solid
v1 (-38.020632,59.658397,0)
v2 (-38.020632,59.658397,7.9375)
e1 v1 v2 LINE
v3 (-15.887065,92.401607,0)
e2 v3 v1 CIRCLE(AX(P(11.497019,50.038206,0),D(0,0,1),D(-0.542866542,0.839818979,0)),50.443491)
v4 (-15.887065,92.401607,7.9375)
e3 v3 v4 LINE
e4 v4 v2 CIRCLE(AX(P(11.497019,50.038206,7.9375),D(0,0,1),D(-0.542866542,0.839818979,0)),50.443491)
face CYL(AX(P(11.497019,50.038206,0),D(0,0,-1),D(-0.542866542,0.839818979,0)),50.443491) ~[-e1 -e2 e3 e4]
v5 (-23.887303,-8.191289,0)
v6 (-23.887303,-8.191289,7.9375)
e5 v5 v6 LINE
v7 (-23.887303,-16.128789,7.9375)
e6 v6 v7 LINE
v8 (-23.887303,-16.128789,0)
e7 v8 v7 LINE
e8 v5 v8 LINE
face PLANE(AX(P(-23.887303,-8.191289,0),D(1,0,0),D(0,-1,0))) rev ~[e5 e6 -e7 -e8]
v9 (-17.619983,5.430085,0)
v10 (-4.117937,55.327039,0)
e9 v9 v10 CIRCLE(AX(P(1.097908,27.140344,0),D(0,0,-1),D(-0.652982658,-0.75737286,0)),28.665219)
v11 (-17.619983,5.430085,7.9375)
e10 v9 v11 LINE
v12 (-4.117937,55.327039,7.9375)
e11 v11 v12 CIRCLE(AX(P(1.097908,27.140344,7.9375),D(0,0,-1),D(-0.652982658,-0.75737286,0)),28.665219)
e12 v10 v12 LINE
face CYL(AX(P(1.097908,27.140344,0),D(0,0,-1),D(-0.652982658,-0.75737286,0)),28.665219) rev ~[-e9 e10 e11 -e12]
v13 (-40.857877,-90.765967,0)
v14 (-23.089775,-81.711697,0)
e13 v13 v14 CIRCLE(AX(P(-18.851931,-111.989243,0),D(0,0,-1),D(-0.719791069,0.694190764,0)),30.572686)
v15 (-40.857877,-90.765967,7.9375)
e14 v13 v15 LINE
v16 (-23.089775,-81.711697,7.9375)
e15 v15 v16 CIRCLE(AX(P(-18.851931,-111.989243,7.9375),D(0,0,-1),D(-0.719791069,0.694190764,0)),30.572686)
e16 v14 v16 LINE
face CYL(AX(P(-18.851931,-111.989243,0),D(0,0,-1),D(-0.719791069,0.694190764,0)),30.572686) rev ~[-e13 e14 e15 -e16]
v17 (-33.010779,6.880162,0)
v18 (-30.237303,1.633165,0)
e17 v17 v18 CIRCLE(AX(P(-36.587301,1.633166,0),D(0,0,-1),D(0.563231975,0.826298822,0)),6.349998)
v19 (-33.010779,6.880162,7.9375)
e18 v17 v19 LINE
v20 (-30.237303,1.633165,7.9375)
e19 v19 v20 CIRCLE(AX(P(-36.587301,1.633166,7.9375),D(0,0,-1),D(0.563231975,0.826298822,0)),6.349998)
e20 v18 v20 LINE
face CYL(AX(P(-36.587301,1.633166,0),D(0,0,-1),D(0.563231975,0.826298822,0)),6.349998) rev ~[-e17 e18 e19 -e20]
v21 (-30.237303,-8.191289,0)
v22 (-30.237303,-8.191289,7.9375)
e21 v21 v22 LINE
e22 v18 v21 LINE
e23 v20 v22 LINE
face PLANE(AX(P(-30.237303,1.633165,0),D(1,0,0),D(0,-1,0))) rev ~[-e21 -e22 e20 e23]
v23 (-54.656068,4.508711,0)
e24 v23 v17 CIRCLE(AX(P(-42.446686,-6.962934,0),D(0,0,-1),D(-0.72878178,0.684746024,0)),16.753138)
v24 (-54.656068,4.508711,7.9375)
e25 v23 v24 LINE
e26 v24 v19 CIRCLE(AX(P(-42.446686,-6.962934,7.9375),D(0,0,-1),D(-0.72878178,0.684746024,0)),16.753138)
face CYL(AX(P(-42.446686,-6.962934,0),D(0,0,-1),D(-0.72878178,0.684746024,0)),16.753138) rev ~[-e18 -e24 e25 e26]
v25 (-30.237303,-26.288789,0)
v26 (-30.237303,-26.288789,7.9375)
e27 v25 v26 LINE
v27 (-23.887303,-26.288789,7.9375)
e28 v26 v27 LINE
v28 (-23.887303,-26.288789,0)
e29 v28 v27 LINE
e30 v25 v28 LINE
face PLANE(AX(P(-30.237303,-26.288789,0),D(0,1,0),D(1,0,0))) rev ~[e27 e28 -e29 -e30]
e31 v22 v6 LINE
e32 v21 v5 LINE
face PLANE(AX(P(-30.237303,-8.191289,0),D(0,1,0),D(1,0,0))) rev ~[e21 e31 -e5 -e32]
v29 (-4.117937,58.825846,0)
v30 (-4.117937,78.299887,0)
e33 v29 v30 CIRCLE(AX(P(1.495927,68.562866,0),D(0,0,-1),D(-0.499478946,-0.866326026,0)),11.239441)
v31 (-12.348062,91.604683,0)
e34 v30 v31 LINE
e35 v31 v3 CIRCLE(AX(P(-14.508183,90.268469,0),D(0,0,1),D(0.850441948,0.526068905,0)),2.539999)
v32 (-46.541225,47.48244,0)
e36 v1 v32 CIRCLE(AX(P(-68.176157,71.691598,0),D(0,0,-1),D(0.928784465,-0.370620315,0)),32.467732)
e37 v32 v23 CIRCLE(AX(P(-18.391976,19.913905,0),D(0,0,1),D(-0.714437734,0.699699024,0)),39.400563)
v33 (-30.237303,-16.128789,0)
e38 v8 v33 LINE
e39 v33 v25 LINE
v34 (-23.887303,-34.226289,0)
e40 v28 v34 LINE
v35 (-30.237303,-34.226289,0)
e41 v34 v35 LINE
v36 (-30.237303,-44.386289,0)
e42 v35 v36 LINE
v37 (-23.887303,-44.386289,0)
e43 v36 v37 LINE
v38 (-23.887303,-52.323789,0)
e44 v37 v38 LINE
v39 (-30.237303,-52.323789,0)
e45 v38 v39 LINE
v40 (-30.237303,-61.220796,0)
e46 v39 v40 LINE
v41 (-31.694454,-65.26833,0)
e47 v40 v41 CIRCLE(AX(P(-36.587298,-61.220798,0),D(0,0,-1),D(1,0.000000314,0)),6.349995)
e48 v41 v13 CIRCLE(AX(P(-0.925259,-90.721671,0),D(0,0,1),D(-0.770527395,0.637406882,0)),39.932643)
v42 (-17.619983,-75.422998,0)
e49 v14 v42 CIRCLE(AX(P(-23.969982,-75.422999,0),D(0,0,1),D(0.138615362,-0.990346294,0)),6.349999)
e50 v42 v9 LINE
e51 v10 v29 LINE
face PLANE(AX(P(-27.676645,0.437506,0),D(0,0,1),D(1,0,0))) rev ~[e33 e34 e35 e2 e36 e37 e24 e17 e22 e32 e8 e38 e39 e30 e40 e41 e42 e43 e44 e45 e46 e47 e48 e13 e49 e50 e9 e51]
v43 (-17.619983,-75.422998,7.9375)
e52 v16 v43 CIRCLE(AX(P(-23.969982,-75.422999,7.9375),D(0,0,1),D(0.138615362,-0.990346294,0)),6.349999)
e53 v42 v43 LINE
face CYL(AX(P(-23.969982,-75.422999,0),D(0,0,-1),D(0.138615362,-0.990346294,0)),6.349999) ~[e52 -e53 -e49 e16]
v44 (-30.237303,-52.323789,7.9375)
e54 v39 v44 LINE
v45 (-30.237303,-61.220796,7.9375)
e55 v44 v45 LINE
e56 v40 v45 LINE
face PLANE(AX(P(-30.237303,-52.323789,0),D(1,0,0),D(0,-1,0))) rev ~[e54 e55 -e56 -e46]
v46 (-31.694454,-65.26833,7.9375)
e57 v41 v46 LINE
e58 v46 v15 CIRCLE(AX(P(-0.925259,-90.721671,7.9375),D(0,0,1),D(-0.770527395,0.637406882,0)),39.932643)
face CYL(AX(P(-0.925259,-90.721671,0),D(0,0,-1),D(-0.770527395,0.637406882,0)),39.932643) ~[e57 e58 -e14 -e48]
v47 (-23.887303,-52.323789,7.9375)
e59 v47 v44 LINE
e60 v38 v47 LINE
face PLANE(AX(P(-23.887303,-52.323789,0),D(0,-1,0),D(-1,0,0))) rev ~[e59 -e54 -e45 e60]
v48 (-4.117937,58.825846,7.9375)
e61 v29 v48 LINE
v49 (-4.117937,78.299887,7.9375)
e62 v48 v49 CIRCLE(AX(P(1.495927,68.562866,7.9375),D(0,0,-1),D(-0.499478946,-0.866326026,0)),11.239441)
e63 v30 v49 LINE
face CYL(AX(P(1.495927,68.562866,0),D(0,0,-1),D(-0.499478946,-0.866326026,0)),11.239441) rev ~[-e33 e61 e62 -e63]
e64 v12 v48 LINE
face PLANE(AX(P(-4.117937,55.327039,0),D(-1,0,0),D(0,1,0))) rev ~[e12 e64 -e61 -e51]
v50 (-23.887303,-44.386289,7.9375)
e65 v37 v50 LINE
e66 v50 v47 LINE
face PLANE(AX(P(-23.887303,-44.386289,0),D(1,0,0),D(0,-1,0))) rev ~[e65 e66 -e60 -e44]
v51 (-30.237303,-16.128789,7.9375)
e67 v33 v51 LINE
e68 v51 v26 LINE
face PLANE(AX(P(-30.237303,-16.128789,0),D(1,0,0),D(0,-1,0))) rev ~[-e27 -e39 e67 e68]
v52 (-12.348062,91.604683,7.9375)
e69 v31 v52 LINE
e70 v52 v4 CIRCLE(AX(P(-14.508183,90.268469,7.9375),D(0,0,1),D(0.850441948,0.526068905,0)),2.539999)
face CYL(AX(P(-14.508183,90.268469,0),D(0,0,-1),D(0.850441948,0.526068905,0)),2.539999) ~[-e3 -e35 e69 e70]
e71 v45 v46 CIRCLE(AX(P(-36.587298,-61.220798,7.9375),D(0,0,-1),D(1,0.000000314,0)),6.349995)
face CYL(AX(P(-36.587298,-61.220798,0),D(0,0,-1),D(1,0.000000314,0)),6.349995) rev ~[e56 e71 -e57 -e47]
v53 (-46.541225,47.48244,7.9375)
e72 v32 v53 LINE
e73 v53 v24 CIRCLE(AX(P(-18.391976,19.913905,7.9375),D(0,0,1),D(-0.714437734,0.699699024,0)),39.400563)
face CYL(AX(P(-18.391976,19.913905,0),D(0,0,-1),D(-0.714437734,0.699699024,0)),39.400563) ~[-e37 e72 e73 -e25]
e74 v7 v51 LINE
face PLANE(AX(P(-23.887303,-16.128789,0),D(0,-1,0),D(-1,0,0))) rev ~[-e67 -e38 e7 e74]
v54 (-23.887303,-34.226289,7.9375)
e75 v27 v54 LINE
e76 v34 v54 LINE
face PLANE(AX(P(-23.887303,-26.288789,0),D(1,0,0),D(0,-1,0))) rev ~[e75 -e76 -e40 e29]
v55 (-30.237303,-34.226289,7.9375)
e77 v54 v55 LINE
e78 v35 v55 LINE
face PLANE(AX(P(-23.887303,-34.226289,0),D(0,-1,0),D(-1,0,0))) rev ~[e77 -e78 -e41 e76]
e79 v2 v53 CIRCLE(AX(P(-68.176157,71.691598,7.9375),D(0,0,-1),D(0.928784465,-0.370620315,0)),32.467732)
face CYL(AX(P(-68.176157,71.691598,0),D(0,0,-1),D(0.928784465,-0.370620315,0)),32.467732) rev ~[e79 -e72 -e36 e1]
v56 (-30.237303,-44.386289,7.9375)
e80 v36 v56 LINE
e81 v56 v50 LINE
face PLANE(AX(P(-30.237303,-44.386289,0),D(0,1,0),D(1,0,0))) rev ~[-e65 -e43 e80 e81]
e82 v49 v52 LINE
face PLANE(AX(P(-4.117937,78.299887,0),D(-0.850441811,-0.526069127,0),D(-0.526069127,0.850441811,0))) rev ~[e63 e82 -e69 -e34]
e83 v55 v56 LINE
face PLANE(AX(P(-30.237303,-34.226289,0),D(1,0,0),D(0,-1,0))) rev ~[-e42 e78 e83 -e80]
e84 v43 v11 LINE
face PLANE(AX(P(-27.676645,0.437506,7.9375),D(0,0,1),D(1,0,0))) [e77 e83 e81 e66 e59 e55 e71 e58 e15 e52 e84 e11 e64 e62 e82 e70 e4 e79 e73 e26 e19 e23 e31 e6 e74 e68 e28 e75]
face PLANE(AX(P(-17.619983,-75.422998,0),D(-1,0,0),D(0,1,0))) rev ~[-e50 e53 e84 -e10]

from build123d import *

# Parameters (mm, degrees)
F1_DEPTH = 7.9375


with BuildPart() as f1:
    # F0 (on Top) → F1 (new body)
    with BuildSketch(Plane.XY):
        with BuildLine():
            Line((-17.619983, -65.049847), (-17.619983, 5.430085))
            ThreePointArc((-17.619983, 5.430085), (-26.572156, 34.627824), (-4.117937, 55.327039))
            Line((-4.117937, 55.327039), (-4.117937, 58.825846))
            ThreePointArc((-4.117937, 58.825846), (-9.743514, 68.562866), (-4.117937, 78.299887))
            Line((-4.117937, 78.299887), (-12.348062, 91.604683))
            ThreePointArc((-12.348062, 91.604683), (-13.950191, 92.746419), (-15.887065, 92.401607))
            ThreePointArc((-15.887065, 92.401607), (-30.294112, 78.287935), (-38.020632, 59.658397))
            ThreePointArc((-38.020632, 59.658397), (-41.57491, 53.076355), (-46.541225, 47.48244))
            ThreePointArc((-46.541225, 47.48244), (-57.108316, 27.224813), (-54.656068, 4.508711))
            ThreePointArc((-54.656068, 4.508711), (-44.271237, 9.690554), (-33.010779, 6.880162))
            ThreePointArc((-33.010779, 6.880162), (-30.973328, 4.60062), (-30.237303, 1.633165))
            Line((-30.237303, 1.633165), (-30.237303, -8.191289))
            Line((-30.237303, -8.191289), (-23.887303, -8.191289))
            Line((-23.887303, -8.191289), (-23.887303, -16.128789))
            Line((-23.887303, -16.128789), (-30.237303, -16.128789))
            Line((-30.237303, -16.128789), (-30.237303, -26.288789))
            Line((-30.237303, -26.288789), (-23.887303, -26.288789))
            Line((-23.887303, -26.288789), (-23.887303, -34.226289))
            Line((-23.887303, -34.226289), (-30.237303, -34.226289))
            Line((-30.237303, -34.226289), (-30.237303, -44.386289))
            Line((-30.237303, -44.386289), (-23.887303, -44.386289))
            Line((-23.887303, -44.386289), (-23.887303, -52.323789))
            Line((-23.887303, -52.323789), (-30.237303, -52.323789))
            Line((-30.237303, -52.323789), (-30.237303, -61.220796))
            ThreePointArc((-30.237303, -61.220796), (-30.612686, -63.371716), (-31.694454, -65.26833))
            ThreePointArc((-31.694454, -65.26833), (-38.504761, -77.216229), (-40.857877, -90.765967))
            ThreePointArc((-40.857877, -90.765967), (-32.73282, -84.749382), (-23.089775, -81.711697))
            ThreePointArc((-23.089775, -81.711697), (-19.17875, -79.590322), (-17.619983, -75.422998))
            Line((-17.619983, -75.422998), (-17.619983, -65.049847))
        make_face()
    extrude(amount=F1_DEPTH)


solid = f1.part
